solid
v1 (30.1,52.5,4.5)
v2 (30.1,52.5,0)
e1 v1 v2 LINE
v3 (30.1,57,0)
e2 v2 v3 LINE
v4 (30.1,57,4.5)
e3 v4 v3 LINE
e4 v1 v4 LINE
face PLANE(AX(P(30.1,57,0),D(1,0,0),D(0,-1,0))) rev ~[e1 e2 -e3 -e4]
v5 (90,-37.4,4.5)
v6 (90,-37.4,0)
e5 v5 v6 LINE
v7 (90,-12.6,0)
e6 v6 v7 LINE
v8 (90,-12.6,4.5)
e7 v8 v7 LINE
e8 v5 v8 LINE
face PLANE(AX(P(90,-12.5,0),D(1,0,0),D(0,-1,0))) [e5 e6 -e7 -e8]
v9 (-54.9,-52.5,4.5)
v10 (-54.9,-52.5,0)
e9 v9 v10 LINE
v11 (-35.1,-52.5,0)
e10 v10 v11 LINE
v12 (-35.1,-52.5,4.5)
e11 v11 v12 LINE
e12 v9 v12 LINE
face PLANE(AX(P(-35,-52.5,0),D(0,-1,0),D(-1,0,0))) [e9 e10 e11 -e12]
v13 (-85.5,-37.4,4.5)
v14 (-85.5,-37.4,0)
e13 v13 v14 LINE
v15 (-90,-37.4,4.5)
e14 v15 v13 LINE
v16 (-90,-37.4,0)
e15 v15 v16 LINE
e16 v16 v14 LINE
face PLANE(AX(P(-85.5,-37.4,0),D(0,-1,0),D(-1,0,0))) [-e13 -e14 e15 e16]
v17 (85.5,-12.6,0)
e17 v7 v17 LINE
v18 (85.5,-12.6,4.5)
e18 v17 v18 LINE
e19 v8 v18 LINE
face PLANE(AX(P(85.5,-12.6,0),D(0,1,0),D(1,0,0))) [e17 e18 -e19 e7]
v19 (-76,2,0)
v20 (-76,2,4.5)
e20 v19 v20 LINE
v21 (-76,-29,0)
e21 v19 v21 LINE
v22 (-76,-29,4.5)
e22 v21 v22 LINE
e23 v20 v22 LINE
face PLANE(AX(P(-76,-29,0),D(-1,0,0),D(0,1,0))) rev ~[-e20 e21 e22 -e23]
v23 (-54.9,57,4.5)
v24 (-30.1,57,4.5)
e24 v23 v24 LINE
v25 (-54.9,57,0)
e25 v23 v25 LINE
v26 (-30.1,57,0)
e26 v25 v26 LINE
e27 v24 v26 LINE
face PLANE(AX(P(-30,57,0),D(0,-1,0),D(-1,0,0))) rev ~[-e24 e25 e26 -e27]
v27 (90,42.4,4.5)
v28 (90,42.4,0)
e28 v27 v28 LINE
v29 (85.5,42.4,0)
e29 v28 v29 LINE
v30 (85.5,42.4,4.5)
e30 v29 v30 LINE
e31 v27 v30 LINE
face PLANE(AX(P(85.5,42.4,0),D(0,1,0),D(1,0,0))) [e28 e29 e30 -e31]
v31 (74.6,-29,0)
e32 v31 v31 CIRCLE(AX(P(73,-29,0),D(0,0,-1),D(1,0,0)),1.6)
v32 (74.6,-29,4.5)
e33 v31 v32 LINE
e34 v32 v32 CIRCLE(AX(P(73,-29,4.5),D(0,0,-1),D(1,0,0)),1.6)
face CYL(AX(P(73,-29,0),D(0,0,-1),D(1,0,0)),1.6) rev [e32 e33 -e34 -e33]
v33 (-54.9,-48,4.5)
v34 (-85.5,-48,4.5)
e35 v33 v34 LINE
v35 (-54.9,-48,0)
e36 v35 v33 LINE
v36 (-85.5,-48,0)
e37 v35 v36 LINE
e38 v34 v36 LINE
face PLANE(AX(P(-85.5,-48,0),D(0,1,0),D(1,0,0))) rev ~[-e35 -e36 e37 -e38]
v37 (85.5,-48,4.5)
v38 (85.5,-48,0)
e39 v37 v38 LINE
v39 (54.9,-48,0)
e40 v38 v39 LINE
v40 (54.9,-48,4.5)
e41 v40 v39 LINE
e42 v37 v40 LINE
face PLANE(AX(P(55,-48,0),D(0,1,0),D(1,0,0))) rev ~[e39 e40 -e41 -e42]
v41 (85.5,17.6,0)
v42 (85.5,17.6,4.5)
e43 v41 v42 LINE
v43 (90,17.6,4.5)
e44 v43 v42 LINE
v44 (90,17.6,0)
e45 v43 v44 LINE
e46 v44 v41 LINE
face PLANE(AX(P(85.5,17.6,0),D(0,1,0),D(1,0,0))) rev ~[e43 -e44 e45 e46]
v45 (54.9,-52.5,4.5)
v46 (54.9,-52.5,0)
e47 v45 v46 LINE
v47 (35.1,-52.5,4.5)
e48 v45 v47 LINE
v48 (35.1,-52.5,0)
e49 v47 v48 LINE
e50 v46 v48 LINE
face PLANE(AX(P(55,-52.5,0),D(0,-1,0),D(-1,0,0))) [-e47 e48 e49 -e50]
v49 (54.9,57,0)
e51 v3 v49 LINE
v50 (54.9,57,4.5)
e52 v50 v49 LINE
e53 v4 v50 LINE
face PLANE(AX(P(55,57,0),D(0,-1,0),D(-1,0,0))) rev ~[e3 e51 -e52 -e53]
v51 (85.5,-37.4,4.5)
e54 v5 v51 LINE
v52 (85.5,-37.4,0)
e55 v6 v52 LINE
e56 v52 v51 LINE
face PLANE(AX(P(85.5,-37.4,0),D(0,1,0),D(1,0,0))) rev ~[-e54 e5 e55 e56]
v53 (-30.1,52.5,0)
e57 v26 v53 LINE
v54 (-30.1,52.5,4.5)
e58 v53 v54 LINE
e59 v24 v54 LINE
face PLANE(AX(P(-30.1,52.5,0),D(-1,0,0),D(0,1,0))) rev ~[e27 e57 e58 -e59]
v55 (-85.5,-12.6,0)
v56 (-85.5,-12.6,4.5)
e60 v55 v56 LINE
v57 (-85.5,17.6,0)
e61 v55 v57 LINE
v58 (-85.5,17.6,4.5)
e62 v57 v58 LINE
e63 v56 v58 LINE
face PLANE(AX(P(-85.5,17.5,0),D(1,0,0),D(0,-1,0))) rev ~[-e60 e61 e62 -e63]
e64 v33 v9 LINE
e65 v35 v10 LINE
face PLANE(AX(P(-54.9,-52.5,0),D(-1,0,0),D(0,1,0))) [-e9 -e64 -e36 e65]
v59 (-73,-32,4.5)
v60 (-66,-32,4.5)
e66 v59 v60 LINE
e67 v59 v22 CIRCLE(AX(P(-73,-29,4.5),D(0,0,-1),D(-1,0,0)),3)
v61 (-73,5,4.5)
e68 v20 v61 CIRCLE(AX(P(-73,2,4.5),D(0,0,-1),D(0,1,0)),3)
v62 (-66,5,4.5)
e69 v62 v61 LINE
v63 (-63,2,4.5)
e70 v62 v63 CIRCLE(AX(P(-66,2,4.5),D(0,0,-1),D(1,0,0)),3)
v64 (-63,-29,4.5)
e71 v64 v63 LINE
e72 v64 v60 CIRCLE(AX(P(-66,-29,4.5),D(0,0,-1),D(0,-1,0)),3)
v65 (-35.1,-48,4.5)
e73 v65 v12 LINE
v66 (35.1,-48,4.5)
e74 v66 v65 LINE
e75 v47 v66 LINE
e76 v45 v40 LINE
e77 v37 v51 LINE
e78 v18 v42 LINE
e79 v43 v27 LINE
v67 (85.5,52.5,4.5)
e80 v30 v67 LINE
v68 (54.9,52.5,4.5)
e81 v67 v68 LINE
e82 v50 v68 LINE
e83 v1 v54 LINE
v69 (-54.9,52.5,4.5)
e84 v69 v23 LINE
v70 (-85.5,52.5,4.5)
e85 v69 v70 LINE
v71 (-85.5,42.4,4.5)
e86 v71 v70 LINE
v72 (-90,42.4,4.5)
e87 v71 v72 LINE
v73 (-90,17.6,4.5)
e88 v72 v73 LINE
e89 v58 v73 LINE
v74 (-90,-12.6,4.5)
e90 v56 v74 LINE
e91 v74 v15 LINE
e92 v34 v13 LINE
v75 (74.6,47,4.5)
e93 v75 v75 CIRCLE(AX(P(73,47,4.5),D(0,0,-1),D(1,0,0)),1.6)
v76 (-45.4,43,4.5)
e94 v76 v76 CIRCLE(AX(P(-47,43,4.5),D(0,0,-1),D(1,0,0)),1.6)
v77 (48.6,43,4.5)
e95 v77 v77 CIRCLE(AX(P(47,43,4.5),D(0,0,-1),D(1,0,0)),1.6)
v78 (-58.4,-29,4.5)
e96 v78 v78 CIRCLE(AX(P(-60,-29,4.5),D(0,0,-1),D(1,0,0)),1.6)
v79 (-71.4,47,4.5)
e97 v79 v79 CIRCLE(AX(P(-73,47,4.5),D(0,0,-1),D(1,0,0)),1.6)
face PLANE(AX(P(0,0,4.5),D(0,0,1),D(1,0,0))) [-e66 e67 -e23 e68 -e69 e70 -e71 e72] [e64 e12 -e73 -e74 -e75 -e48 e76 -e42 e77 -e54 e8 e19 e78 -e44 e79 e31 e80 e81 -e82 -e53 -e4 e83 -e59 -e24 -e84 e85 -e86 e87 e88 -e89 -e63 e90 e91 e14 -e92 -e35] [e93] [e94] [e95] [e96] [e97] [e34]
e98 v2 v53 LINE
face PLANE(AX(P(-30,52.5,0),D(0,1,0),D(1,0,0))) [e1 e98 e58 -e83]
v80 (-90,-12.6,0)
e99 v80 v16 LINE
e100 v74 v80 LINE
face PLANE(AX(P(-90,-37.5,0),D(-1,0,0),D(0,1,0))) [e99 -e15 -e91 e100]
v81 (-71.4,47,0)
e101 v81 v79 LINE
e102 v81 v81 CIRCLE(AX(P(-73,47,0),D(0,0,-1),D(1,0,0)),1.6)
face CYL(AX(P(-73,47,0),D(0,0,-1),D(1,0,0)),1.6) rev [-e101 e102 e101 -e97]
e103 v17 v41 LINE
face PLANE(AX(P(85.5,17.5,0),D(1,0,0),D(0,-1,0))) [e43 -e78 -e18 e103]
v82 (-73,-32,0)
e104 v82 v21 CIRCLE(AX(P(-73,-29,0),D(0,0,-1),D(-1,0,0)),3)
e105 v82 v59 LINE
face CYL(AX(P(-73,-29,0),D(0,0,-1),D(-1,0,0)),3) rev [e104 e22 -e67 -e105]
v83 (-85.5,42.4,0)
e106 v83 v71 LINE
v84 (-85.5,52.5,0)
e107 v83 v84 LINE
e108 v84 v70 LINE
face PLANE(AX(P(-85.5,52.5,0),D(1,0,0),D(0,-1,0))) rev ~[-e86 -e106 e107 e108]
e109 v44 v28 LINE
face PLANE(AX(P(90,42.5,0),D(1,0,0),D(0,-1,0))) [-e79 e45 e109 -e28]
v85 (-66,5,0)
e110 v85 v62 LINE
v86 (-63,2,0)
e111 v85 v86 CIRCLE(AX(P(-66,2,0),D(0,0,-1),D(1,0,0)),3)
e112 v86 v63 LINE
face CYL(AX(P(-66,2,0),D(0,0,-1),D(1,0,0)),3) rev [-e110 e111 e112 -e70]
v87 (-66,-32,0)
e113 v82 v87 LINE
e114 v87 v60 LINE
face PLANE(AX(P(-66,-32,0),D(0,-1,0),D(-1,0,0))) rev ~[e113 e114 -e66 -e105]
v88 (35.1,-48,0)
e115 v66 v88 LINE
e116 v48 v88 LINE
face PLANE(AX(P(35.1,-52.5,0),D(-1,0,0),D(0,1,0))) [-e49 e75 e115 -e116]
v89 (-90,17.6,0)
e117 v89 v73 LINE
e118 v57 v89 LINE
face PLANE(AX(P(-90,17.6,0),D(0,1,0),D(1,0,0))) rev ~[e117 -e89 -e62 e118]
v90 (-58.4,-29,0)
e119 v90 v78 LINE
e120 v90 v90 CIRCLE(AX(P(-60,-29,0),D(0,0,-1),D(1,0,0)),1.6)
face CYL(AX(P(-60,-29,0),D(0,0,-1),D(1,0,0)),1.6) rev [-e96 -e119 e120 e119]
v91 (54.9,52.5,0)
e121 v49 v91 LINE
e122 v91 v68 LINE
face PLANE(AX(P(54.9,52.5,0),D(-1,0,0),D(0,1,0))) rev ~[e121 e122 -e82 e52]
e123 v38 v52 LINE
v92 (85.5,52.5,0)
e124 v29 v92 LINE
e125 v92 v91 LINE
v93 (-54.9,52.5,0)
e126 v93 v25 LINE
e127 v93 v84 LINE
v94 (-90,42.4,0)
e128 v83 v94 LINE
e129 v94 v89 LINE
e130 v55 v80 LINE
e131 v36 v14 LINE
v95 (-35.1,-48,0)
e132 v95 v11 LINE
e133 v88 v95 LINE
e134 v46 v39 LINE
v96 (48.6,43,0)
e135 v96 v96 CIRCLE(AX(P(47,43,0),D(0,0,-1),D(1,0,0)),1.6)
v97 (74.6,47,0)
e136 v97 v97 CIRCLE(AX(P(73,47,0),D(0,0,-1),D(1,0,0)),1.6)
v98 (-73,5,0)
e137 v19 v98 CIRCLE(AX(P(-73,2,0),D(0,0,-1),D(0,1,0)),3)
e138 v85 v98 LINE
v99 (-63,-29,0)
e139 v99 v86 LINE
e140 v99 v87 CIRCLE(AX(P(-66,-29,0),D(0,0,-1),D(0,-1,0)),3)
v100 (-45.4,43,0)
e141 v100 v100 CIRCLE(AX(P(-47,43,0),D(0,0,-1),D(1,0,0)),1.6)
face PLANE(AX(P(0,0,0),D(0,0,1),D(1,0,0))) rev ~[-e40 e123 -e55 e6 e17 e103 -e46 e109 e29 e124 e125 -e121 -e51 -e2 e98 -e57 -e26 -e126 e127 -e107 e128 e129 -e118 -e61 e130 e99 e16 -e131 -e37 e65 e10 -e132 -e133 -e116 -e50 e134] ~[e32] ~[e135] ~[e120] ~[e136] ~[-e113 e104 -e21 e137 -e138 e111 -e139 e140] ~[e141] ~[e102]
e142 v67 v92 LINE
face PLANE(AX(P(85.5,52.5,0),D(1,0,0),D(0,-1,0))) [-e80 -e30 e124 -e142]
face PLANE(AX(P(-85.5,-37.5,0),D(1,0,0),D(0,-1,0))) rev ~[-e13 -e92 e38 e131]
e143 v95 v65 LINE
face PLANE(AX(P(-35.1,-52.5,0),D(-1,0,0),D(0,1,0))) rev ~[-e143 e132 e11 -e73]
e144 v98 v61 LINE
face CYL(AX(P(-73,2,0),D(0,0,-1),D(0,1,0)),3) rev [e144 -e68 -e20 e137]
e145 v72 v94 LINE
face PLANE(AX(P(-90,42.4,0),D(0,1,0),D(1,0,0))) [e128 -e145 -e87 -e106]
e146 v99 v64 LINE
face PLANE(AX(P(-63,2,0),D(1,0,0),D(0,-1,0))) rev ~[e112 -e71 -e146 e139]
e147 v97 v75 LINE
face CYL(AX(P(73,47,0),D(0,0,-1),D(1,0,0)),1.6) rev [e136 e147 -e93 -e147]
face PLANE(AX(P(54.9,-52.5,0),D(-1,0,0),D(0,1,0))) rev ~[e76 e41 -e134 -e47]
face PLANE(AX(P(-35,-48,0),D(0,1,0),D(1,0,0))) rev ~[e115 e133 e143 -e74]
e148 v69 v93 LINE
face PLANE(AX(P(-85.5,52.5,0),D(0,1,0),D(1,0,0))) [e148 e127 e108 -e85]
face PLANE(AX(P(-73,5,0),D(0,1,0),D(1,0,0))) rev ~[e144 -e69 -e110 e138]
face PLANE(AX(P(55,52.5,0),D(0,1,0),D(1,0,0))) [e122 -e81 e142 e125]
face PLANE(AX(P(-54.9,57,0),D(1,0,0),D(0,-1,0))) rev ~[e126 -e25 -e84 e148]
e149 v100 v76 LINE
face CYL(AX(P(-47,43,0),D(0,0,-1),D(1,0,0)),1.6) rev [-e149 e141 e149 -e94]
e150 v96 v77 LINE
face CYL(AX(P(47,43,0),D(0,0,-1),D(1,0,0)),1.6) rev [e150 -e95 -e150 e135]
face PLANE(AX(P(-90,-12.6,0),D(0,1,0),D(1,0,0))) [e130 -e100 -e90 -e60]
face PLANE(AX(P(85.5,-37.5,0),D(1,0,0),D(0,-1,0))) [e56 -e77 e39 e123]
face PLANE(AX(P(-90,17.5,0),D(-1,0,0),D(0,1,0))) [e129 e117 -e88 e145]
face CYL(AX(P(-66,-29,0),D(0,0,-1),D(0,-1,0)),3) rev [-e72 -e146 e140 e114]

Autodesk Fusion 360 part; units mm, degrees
sketch "Sketch1" plane through (0, 0, 0) normal (0, 0, 1) x (1, 0, 0)
  line L0 (90, -52.5) -> (-90, -52.5)
  line L1 (-90, -52.5) -> (-90, 52.5)
  line L2 (-90, 52.5) -> (90, 52.5)
  line L3 (90, 52.5) -> (90, -52.5)
  line L4 (90, -52.5) -> (-90, 52.5) construction
  line L5 (-90, -52.5) -> (90, 52.5) construction
  line L6 (-85.5, 52.5) -> (-85.5, -52.5)
  line L7 (85.5, 52.5) -> (85.5, -52.5)
  line L8 (-90, -48) -> (90, -48)
  line L9 (-90, -52.5) -> (-55, -52.5)
  line L10 (-55, -52.5) -> (-55, -48)
  line L11 (-55, -48) -> (-90, -48)
  line L12 (-90, -48) -> (-90, -52.5)
  line L13 (-55, -52.5) -> (-35, -52.5)
  line L14 (-35, -52.5) -> (-35, -48)
  line L15 (-35, -48) -> (-55, -48)
  line L16 (-55, -48) -> (-55, -52.5)
  line L17 (90, -52.5) -> (55, -52.5)
  line L18 (55, -52.5) -> (55, -48)
  line L19 (55, -48) -> (90, -48)
  line L20 (90, -48) -> (90, -52.5)
  line L21 (-90, -52.5) -> (-85.5, -52.5)
  line L22 (-85.5, -52.5) -> (-85.5, -37.5)
  line L23 (-85.5, -37.5) -> (-90, -37.5)
  line L24 (-90, -37.5) -> (-90, -52.5)
  line L25 (90, -52.5) -> (85.5, -52.5)
  line L26 (85.5, -52.5) -> (85.5, -37.5)
  line L27 (85.5, -37.5) -> (90, -37.5)
  line L28 (90, -37.5) -> (90, -52.5)
  line L29 (-85.5, -37.5) -> (-90, -37.5)
  line L30 (-90, -37.5) -> (-90, -12.5)
  line L31 (-90, -12.5) -> (-85.5, -12.5)
  line L32 (-85.5, -12.5) -> (-85.5, -37.5)
  line L33 (90, -37.5) -> (85.5, -37.5)
  line L34 (85.5, -37.5) -> (85.5, -12.5)
  line L35 (85.5, -12.5) -> (90, -12.5)
  line L36 (90, -12.5) -> (90, -37.5)
  line L37 (-85.5, -12.5) -> (-90, -12.5)
  line L38 (-90, -12.5) -> (-90, 17.5)
  line L39 (-90, 17.5) -> (-85.5, 17.5)
  line L40 (-85.5, 17.5) -> (-85.5, -12.5)
  line L41 (-85.5, 17.5) -> (-90, 17.5)
  line L42 (-90, 17.5) -> (-90, 42.5)
  line L43 (-90, 42.5) -> (-85.5, 42.5)
  line L44 (-85.5, 42.5) -> (-85.5, 17.5)
  line L45 (90, -12.5) -> (85.5, -12.5)
  line L46 (85.5, -12.5) -> (85.5, 17.5)
  line L47 (85.5, 17.5) -> (90, 17.5)
  line L48 (90, 17.5) -> (90, -12.5)
  line L49 (90, 17.5) -> (85.5, 17.5)
  line L50 (85.5, 17.5) -> (85.5, 42.5)
  line L51 (85.5, 42.5) -> (90, 42.5)
  line L52 (90, 42.5) -> (90, 17.5)
  line L53 (55, -52.5) -> (35, -52.5)
  line L54 (35, -52.5) -> (35, -48)
  line L55 (35, -48) -> (55, -48)
  line L56 (55, -48) -> (55, -52.5)
  line L57 (-90, 43) -> (90, 43) construction
  line L58 (0, 43) -> (0, 40) construction
  circle A0 centre (47, 43) radius 1.6
  circle A1 centre (-47, 43) radius 1.6
  line L59 (-90, 47) -> (90, 47) construction
  circle A2 centre (73, 47) radius 1.6
  circle A3 centre (-73, 47) radius 1.6
  circle A4 centre (73, -29) radius 1.6
  circle A5 centre (-60, -29) radius 1.6
  line L60 (-66, -32) -> (-73, -32)
  line L61 (-76, -29) -> (-76, 2)
  line L62 (-73, 5) -> (-66, 5)
  line L63 (-63, 2) -> (-63, -29)
  line L64 (-63, -32) -> (-76, 5) construction
  line L65 (-76, -32) -> (-63, 5) construction
  arc A6 (-63, 2) -> (-66, 5) centre (-66, 2) ccw
  arc A7 (-73, 5) -> (-76, 2) centre (-73, 2) ccw
  arc A8 (-76, -29) -> (-73, -32) centre (-73, -29) ccw
  arc A9 (-66, -32) -> (-63, -29) centre (-66, -29) ccw
  line L66 (-55, 52.5) -> (-30, 52.5)
  line L67 (-30, 52.5) -> (-30, 57)
  line L68 (-30, 57) -> (-55, 57)
  line L69 (-55, 57) -> (-55, 52.5)
  line L70 (30, 52.5) -> (55, 52.5)
  line L71 (55, 52.5) -> (55, 57)
  line L72 (55, 57) -> (30, 57)
  line L73 (30, 57) -> (30, 52.5)
  point P0 (-69.5, -13.5)
  dimension "d1" = 180
  dimension "d2" = 105
  dimension "d3" = 4.5
  dimension "d4" = 4.5
  dimension "d5" = 4.5
  dimension "d6" = 35
  dimension "d7" = 20
  dimension "d8" = 35
  dimension "d10" = 15
  dimension "d11" = 15
  dimension "d12" = 25
  dimension "d13" = 25
  dimension "d14" = 30
  dimension "d15" = 25
  dimension "d16" = 30
  dimension "d17" = 25
  dimension "d18" = 20
  dimension "d20" = 91
  dimension "d21" = 3.2
  dimension "d22" = 3.2
  dimension "d23" = 47
  dimension "d24" = 47
  dimension "d25" = 4
  dimension "d26" = 3.2
  dimension "d27" = 3.2
  dimension "d28" = 73
  dimension "d29" = 73
  dimension "d30" = 3.2
  dimension "d31" = 72
  dimension "d32" = 3.2
  dimension "d33" = 72
  dimension "d34" = 60
  dimension "d35" = 13
  dimension "d36" = 37
  dimension "d37" = 3
  dimension "d38" = 3
  dimension "d39" = 3
  dimension "d40" = 3
  dimension "d41" = 3
  dimension "d42" = 3
  dimension "d48" = 25
  dimension "d49" = 4.5
  dimension "d50" = 25
  dimension "d51" = 4.5
  dimension "d52" = 35
  dimension "d53" = 35
extrude "Extrude1" add sketch "Sketch1" along normal blind 4.5 contours L0 L8 L18 L53 L54 L55 L56 | L2 L6 L7 L8 L11 L15 L19 L22 L26 L32 L34 L40 L44 L46 L50 L55 L66 L70 | L3 L7 L27 L33 L34 L35 L36 L45 | L0 L8 L10 L13 L14 L15 L16 | L3 L7 L47 L49 L50 L51 L52 | L1 L6 L23 L29 L30 L31 L32 L37 | L2 L70 L71 L72 L73 | L1 L6 L39 L41 L42 L43 L44 | L2 L66 L67 L68 L69
move_face "OffsetFaces1" offset -0.1 4 faces at (55, -51, 1.5) (-35, -51, 1.5) (-30, 54, 1.5) (55, 54, 1.5)
move_face "OffsetFaces2" offset -0.1 4 faces at (35, -51, 1.5) (-55, -51, 1.5) (30, 55.5, 1.5) (-55, 55.5, 1.5)
move_face "OffsetFaces3" offset -0.1 4 faces at (-88.5, 17.5, 1.5) (-87, -37.5, 1.5) (87, -37.5, 1.5) (87, 17.5, 1.5)
move_face "OffsetFaces4" offset -0.1 4 faces at (-88.5, 42.5, 1.5) (-88.5, -12.5, 1.5) (87, 42.5, 1.5) (87, -12.5, 1.5)
equation "TabRelief = -0.1 mm"
equation "d55 = TabRelief"
equation "d56 = TabRelief"
equation "d57 = TabRelief"
equation "d58 = TabRelief"
